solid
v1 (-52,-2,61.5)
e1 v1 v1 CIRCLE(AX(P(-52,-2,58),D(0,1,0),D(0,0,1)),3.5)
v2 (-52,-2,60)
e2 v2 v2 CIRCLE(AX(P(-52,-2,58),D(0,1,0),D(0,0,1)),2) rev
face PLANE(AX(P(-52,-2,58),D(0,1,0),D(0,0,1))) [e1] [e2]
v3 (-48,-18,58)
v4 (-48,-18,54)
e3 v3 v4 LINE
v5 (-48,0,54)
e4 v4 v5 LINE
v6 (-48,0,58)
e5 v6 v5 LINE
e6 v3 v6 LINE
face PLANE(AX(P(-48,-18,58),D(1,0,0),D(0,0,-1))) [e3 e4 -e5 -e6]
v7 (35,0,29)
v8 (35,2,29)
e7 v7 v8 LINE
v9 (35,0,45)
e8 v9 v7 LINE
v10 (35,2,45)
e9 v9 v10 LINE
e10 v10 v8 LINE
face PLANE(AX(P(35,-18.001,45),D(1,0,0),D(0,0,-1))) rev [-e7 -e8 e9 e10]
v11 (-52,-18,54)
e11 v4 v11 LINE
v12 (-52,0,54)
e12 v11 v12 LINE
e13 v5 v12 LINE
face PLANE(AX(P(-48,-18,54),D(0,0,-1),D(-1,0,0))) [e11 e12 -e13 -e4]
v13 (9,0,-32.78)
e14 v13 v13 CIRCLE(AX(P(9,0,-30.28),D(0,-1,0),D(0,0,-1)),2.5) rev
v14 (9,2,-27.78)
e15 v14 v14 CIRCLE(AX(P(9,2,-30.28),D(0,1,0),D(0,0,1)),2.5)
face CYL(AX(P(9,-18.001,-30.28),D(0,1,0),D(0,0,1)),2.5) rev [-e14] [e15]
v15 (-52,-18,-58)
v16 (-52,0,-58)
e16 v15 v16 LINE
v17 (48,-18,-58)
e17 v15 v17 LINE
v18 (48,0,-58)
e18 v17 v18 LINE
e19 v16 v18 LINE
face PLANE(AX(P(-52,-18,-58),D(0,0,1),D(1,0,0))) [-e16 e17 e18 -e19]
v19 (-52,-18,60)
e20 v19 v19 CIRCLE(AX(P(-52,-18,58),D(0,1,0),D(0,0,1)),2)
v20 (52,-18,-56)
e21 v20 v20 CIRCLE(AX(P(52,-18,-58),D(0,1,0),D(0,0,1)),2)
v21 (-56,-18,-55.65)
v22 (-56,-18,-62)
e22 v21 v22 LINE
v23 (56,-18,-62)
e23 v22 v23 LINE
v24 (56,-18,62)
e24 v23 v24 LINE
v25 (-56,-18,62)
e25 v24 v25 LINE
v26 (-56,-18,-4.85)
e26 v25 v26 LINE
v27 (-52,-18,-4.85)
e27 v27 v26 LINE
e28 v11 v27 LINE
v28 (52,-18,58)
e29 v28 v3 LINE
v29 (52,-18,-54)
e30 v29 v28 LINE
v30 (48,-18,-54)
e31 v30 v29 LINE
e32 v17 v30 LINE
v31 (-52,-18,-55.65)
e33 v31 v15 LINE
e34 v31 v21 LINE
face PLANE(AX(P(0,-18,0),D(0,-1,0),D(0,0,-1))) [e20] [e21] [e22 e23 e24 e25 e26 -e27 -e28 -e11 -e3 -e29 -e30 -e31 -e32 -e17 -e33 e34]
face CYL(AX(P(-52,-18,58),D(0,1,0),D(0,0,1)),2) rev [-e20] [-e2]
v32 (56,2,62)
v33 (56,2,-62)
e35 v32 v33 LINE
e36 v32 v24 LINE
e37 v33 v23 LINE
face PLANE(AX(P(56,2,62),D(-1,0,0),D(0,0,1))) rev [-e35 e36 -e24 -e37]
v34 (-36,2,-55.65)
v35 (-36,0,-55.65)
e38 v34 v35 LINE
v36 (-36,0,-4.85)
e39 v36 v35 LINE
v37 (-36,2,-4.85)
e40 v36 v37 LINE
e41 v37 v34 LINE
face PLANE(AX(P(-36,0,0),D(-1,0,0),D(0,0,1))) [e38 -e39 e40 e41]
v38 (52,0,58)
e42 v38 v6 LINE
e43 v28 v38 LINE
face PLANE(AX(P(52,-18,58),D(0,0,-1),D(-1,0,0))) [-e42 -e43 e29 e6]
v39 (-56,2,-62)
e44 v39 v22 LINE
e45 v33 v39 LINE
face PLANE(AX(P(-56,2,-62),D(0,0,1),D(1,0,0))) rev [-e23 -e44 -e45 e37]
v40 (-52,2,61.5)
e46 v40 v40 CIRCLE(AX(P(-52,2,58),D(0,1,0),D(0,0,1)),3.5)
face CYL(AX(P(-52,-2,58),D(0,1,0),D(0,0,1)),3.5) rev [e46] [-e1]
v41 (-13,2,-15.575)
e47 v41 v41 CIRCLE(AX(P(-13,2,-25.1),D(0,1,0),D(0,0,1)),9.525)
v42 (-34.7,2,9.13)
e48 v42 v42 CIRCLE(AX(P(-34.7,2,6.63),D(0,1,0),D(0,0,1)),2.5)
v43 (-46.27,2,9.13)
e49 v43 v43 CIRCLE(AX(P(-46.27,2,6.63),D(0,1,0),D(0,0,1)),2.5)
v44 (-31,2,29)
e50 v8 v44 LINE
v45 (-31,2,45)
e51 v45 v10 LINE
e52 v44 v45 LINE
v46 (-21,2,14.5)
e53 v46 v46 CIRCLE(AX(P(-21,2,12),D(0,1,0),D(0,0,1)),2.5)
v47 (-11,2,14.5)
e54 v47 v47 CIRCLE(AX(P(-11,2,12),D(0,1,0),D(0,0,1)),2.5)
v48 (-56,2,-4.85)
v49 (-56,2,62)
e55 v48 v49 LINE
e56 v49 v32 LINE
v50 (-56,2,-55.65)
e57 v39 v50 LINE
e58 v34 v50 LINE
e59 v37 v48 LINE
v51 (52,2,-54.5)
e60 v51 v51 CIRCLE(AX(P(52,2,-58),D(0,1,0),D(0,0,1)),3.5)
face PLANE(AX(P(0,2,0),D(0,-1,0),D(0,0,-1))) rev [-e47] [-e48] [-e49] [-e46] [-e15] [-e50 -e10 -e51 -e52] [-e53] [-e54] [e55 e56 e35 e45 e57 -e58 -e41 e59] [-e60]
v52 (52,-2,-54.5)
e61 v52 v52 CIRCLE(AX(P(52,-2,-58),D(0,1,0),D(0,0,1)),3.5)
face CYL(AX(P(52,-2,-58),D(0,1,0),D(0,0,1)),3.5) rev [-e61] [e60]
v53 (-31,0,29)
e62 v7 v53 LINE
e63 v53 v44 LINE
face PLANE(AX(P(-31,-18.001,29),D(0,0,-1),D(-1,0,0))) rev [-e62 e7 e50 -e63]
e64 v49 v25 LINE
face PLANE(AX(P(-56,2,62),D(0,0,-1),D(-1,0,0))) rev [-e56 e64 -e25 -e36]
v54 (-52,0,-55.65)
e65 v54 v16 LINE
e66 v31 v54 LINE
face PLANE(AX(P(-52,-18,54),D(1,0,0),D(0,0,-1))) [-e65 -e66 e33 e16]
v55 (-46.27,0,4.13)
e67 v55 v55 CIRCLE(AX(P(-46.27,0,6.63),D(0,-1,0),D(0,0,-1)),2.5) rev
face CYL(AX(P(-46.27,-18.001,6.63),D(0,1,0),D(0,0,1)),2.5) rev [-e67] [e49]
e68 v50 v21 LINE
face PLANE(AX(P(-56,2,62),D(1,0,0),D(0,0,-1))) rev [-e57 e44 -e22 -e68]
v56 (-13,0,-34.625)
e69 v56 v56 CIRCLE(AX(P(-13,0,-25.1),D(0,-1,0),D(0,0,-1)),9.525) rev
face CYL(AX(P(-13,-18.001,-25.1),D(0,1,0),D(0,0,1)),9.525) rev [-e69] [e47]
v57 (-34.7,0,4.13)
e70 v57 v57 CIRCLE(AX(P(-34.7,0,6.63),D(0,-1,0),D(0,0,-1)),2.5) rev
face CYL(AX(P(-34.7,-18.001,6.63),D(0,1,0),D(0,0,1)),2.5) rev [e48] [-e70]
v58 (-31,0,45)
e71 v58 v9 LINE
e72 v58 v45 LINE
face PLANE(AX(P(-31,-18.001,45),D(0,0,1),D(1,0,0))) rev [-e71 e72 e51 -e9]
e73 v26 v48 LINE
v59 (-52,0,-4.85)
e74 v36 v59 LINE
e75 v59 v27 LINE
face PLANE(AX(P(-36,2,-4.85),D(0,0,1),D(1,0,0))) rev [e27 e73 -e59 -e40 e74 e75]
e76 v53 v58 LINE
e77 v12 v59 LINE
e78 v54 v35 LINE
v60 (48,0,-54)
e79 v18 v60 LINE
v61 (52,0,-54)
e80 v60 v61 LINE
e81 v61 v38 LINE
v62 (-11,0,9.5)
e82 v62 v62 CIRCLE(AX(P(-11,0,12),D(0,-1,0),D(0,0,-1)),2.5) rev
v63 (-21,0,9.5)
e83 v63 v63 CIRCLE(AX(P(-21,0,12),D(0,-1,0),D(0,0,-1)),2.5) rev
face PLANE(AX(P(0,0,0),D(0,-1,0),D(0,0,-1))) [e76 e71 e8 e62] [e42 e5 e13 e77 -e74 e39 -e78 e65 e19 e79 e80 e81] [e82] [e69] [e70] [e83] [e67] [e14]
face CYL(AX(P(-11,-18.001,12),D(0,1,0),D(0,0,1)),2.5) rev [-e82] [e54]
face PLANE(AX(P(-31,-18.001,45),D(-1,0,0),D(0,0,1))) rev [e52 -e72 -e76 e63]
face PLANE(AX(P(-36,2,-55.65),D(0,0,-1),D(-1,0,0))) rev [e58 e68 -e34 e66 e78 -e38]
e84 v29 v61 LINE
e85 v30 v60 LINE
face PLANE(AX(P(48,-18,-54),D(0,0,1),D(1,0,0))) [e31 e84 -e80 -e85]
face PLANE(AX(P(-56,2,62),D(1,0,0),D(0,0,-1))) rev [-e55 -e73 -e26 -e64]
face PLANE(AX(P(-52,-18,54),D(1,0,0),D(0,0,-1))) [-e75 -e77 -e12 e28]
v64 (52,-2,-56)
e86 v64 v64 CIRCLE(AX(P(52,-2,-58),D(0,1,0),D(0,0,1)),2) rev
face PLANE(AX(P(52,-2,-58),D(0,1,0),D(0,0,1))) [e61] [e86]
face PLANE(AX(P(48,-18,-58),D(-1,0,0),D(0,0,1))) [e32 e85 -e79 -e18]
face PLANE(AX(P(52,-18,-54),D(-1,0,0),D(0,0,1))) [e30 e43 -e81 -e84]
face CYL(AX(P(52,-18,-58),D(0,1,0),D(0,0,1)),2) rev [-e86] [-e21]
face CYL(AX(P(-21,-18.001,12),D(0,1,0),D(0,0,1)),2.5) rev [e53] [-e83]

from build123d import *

# Parameters (mm, degrees)
SKETCH1_W           = 112
SKETCH1_H           = 124
BOSS_EXTRUDE1_DEPTH = 2
SKETCH4_W           = 112
SKETCH4_H           = 124
BOSS_EXTRUDE2_DEPTH = 18
CUT_EXTRUDE1_REACH  = 87.907
SKETCH5_R           = 9.525
SKETCH5_R_2         = 2.5
SKETCH5_W           = 66
SKETCH5_H           = 16
SKETCH6_R           = 2
CUT_EXTRUDE2_DEPTH  = 86.90692638
SKETCH7_R           = 3.5
CUT_EXTRUDE3_DEPTH  = 4
SKETCH8_W           = 50.8
SKETCH8_H           = 20
CUT_EXTRUDE4_DEPTH  = 20


with BuildPart() as part:
    # Sketch1 → Boss-Extrude1 (new body)
    with BuildSketch(Plane(origin=(0, 0, 0), x_dir=(1, 0, 0), z_dir=(0, 1, 0))):
        Rectangle(SKETCH1_W, SKETCH1_H)
    extrude(amount=BOSS_EXTRUDE1_DEPTH)

    # Sketch4 → Boss-Extrude2 (add)
    with BuildSketch(Plane.XZ):
        Rectangle(SKETCH4_W, SKETCH4_H)
        Polygon((-48, 58), (-48, 54), (-52, 54), (-52, -58), (48, -58), (48, -54), (52, -54), (52, 58), align=None, mode=Mode.SUBTRACT)
    extrude(amount=BOSS_EXTRUDE2_DEPTH)

    # Sketch5 → Cut-Extrude1 (cut, up to next)
    with BuildSketch(Plane(origin=(0, 2, 0), x_dir=(1, 0, 0), z_dir=(0, 1, 0)), mode=Mode.PRIVATE) as cut_extrude1_sk1:
        with Locations(Location((-13, 25.1, 0), (0, 0, 270))):
            Circle(SKETCH5_R)
    cut_extrude1_tool1 = extrude(cut_extrude1_sk1.sketch, amount=-CUT_EXTRUDE1_REACH, mode=Mode.PRIVATE) & part.part
    # Sketch5 → Cut-Extrude1 (cut, up to next)
    with BuildSketch(Plane(origin=(0, 2, 0), x_dir=(1, 0, 0), z_dir=(0, 1, 0)), mode=Mode.PRIVATE) as cut_extrude1_sk2:
        with Locations(Location((-46.27, -6.63, 0), (0, 0, 270))):
            Circle(SKETCH5_R_2)
    cut_extrude1_tool2 = extrude(cut_extrude1_sk2.sketch, amount=-CUT_EXTRUDE1_REACH, mode=Mode.PRIVATE) & part.part
    # Sketch5 → Cut-Extrude1 (cut, up to next)
    with BuildSketch(Plane(origin=(0, 2, 0), x_dir=(1, 0, 0), z_dir=(0, 1, 0)), mode=Mode.PRIVATE) as cut_extrude1_sk3:
        with Locations(Location((-34.7, -6.63, 0), (0, 0, 270))):
            Circle(SKETCH5_R_2)
    cut_extrude1_tool3 = extrude(cut_extrude1_sk3.sketch, amount=-CUT_EXTRUDE1_REACH, mode=Mode.PRIVATE) & part.part
    # Sketch5 → Cut-Extrude1 (cut, up to next)
    with BuildSketch(Plane(origin=(0, 2, 0), x_dir=(1, 0, 0), z_dir=(0, 1, 0)), mode=Mode.PRIVATE) as cut_extrude1_sk4:
        with Locations(Location((-21, -12, 0), (0, 0, 270))):
            Circle(SKETCH5_R_2)
    cut_extrude1_tool4 = extrude(cut_extrude1_sk4.sketch, amount=-CUT_EXTRUDE1_REACH, mode=Mode.PRIVATE) & part.part
    # Sketch5 → Cut-Extrude1 (cut, up to next)
    with BuildSketch(Plane(origin=(0, 2, 0), x_dir=(1, 0, 0), z_dir=(0, 1, 0)), mode=Mode.PRIVATE) as cut_extrude1_sk5:
        with Locations(Location((-11, -12, 0), (0, 0, 270))):
            Circle(SKETCH5_R_2)
    cut_extrude1_tool5 = extrude(cut_extrude1_sk5.sketch, amount=-CUT_EXTRUDE1_REACH, mode=Mode.PRIVATE) & part.part
    # Sketch5 → Cut-Extrude1 (cut, up to next)
    with BuildSketch(Plane(origin=(0, 2, 0), x_dir=(1, 0, 0), z_dir=(0, 1, 0)), mode=Mode.PRIVATE) as cut_extrude1_sk6:
        with Locations(Location((9, 30.28, 0), (0, 0, 270))):
            Circle(SKETCH5_R_2)
    cut_extrude1_tool6 = extrude(cut_extrude1_sk6.sketch, amount=-CUT_EXTRUDE1_REACH, mode=Mode.PRIVATE) & part.part
    # Sketch5 → Cut-Extrude1 (cut, up to next)
    with BuildSketch(Plane(origin=(0, 2, 0), x_dir=(1, 0, 0), z_dir=(0, 1, 0)), mode=Mode.PRIVATE) as cut_extrude1_sk7:
        with Locations((2, -37)):
            Rectangle(SKETCH5_W, SKETCH5_H)
    cut_extrude1_tool7 = extrude(cut_extrude1_sk7.sketch, amount=-CUT_EXTRUDE1_REACH, mode=Mode.PRIVATE) & part.part
    add(cut_extrude1_tool1.solids().sort_by_distance((-13, 2, -25.1))[0], mode=Mode.SUBTRACT)
    add(cut_extrude1_tool2.solids().sort_by_distance((-46.27, 2, 6.63))[0], mode=Mode.SUBTRACT)
    add(cut_extrude1_tool3.solids().sort_by_distance((-34.7, 2, 6.63))[0], mode=Mode.SUBTRACT)
    add(cut_extrude1_tool4.solids().sort_by_distance((-21, 2, 12))[0], mode=Mode.SUBTRACT)
    add(cut_extrude1_tool5.solids().sort_by_distance((-11, 2, 12))[0], mode=Mode.SUBTRACT)
    add(cut_extrude1_tool6.solids().sort_by_distance((9, 2, -30.28))[0], mode=Mode.SUBTRACT)
    add(cut_extrude1_tool7.solids().sort_by_distance((2, 2, 37))[0], mode=Mode.SUBTRACT)

    # Sketch6 → Cut-Extrude2 (cut, through all)
    with BuildSketch(Plane(origin=(0, 2, 0), x_dir=(1, 0, 0), z_dir=(0, 1, 0))):
        with Locations(Location((52, 58, 0), (0, 0, 270))):
            Circle(SKETCH6_R)
        with Locations(Location((-52, -58, 0), (0, 0, 270))):
            Circle(SKETCH6_R)
    extrude(amount=-CUT_EXTRUDE2_DEPTH, mode=Mode.SUBTRACT)

    # Sketch7 → Cut-Extrude3 (cut)
    with BuildSketch(Plane(origin=(0, 2, 0), x_dir=(1, 0, 0), z_dir=(0, 1, 0))):
        with Locations(Location((-52, -58, 0), (0, 0, 270))):
            Circle(SKETCH7_R)
        with Locations(Location((52, 58, 0), (0, 0, 270))):
            Circle(SKETCH7_R)
    extrude(amount=-CUT_EXTRUDE3_DEPTH, mode=Mode.SUBTRACT)

    # Sketch8 → Cut-Extrude4 (cut)
    with BuildSketch(Plane.ZY.offset(56)):
        with Locations((-30.25, -8)):
            Rectangle(SKETCH8_W, SKETCH8_H)
    extrude(amount=-CUT_EXTRUDE4_DEPTH, mode=Mode.SUBTRACT)


solid = part.part
